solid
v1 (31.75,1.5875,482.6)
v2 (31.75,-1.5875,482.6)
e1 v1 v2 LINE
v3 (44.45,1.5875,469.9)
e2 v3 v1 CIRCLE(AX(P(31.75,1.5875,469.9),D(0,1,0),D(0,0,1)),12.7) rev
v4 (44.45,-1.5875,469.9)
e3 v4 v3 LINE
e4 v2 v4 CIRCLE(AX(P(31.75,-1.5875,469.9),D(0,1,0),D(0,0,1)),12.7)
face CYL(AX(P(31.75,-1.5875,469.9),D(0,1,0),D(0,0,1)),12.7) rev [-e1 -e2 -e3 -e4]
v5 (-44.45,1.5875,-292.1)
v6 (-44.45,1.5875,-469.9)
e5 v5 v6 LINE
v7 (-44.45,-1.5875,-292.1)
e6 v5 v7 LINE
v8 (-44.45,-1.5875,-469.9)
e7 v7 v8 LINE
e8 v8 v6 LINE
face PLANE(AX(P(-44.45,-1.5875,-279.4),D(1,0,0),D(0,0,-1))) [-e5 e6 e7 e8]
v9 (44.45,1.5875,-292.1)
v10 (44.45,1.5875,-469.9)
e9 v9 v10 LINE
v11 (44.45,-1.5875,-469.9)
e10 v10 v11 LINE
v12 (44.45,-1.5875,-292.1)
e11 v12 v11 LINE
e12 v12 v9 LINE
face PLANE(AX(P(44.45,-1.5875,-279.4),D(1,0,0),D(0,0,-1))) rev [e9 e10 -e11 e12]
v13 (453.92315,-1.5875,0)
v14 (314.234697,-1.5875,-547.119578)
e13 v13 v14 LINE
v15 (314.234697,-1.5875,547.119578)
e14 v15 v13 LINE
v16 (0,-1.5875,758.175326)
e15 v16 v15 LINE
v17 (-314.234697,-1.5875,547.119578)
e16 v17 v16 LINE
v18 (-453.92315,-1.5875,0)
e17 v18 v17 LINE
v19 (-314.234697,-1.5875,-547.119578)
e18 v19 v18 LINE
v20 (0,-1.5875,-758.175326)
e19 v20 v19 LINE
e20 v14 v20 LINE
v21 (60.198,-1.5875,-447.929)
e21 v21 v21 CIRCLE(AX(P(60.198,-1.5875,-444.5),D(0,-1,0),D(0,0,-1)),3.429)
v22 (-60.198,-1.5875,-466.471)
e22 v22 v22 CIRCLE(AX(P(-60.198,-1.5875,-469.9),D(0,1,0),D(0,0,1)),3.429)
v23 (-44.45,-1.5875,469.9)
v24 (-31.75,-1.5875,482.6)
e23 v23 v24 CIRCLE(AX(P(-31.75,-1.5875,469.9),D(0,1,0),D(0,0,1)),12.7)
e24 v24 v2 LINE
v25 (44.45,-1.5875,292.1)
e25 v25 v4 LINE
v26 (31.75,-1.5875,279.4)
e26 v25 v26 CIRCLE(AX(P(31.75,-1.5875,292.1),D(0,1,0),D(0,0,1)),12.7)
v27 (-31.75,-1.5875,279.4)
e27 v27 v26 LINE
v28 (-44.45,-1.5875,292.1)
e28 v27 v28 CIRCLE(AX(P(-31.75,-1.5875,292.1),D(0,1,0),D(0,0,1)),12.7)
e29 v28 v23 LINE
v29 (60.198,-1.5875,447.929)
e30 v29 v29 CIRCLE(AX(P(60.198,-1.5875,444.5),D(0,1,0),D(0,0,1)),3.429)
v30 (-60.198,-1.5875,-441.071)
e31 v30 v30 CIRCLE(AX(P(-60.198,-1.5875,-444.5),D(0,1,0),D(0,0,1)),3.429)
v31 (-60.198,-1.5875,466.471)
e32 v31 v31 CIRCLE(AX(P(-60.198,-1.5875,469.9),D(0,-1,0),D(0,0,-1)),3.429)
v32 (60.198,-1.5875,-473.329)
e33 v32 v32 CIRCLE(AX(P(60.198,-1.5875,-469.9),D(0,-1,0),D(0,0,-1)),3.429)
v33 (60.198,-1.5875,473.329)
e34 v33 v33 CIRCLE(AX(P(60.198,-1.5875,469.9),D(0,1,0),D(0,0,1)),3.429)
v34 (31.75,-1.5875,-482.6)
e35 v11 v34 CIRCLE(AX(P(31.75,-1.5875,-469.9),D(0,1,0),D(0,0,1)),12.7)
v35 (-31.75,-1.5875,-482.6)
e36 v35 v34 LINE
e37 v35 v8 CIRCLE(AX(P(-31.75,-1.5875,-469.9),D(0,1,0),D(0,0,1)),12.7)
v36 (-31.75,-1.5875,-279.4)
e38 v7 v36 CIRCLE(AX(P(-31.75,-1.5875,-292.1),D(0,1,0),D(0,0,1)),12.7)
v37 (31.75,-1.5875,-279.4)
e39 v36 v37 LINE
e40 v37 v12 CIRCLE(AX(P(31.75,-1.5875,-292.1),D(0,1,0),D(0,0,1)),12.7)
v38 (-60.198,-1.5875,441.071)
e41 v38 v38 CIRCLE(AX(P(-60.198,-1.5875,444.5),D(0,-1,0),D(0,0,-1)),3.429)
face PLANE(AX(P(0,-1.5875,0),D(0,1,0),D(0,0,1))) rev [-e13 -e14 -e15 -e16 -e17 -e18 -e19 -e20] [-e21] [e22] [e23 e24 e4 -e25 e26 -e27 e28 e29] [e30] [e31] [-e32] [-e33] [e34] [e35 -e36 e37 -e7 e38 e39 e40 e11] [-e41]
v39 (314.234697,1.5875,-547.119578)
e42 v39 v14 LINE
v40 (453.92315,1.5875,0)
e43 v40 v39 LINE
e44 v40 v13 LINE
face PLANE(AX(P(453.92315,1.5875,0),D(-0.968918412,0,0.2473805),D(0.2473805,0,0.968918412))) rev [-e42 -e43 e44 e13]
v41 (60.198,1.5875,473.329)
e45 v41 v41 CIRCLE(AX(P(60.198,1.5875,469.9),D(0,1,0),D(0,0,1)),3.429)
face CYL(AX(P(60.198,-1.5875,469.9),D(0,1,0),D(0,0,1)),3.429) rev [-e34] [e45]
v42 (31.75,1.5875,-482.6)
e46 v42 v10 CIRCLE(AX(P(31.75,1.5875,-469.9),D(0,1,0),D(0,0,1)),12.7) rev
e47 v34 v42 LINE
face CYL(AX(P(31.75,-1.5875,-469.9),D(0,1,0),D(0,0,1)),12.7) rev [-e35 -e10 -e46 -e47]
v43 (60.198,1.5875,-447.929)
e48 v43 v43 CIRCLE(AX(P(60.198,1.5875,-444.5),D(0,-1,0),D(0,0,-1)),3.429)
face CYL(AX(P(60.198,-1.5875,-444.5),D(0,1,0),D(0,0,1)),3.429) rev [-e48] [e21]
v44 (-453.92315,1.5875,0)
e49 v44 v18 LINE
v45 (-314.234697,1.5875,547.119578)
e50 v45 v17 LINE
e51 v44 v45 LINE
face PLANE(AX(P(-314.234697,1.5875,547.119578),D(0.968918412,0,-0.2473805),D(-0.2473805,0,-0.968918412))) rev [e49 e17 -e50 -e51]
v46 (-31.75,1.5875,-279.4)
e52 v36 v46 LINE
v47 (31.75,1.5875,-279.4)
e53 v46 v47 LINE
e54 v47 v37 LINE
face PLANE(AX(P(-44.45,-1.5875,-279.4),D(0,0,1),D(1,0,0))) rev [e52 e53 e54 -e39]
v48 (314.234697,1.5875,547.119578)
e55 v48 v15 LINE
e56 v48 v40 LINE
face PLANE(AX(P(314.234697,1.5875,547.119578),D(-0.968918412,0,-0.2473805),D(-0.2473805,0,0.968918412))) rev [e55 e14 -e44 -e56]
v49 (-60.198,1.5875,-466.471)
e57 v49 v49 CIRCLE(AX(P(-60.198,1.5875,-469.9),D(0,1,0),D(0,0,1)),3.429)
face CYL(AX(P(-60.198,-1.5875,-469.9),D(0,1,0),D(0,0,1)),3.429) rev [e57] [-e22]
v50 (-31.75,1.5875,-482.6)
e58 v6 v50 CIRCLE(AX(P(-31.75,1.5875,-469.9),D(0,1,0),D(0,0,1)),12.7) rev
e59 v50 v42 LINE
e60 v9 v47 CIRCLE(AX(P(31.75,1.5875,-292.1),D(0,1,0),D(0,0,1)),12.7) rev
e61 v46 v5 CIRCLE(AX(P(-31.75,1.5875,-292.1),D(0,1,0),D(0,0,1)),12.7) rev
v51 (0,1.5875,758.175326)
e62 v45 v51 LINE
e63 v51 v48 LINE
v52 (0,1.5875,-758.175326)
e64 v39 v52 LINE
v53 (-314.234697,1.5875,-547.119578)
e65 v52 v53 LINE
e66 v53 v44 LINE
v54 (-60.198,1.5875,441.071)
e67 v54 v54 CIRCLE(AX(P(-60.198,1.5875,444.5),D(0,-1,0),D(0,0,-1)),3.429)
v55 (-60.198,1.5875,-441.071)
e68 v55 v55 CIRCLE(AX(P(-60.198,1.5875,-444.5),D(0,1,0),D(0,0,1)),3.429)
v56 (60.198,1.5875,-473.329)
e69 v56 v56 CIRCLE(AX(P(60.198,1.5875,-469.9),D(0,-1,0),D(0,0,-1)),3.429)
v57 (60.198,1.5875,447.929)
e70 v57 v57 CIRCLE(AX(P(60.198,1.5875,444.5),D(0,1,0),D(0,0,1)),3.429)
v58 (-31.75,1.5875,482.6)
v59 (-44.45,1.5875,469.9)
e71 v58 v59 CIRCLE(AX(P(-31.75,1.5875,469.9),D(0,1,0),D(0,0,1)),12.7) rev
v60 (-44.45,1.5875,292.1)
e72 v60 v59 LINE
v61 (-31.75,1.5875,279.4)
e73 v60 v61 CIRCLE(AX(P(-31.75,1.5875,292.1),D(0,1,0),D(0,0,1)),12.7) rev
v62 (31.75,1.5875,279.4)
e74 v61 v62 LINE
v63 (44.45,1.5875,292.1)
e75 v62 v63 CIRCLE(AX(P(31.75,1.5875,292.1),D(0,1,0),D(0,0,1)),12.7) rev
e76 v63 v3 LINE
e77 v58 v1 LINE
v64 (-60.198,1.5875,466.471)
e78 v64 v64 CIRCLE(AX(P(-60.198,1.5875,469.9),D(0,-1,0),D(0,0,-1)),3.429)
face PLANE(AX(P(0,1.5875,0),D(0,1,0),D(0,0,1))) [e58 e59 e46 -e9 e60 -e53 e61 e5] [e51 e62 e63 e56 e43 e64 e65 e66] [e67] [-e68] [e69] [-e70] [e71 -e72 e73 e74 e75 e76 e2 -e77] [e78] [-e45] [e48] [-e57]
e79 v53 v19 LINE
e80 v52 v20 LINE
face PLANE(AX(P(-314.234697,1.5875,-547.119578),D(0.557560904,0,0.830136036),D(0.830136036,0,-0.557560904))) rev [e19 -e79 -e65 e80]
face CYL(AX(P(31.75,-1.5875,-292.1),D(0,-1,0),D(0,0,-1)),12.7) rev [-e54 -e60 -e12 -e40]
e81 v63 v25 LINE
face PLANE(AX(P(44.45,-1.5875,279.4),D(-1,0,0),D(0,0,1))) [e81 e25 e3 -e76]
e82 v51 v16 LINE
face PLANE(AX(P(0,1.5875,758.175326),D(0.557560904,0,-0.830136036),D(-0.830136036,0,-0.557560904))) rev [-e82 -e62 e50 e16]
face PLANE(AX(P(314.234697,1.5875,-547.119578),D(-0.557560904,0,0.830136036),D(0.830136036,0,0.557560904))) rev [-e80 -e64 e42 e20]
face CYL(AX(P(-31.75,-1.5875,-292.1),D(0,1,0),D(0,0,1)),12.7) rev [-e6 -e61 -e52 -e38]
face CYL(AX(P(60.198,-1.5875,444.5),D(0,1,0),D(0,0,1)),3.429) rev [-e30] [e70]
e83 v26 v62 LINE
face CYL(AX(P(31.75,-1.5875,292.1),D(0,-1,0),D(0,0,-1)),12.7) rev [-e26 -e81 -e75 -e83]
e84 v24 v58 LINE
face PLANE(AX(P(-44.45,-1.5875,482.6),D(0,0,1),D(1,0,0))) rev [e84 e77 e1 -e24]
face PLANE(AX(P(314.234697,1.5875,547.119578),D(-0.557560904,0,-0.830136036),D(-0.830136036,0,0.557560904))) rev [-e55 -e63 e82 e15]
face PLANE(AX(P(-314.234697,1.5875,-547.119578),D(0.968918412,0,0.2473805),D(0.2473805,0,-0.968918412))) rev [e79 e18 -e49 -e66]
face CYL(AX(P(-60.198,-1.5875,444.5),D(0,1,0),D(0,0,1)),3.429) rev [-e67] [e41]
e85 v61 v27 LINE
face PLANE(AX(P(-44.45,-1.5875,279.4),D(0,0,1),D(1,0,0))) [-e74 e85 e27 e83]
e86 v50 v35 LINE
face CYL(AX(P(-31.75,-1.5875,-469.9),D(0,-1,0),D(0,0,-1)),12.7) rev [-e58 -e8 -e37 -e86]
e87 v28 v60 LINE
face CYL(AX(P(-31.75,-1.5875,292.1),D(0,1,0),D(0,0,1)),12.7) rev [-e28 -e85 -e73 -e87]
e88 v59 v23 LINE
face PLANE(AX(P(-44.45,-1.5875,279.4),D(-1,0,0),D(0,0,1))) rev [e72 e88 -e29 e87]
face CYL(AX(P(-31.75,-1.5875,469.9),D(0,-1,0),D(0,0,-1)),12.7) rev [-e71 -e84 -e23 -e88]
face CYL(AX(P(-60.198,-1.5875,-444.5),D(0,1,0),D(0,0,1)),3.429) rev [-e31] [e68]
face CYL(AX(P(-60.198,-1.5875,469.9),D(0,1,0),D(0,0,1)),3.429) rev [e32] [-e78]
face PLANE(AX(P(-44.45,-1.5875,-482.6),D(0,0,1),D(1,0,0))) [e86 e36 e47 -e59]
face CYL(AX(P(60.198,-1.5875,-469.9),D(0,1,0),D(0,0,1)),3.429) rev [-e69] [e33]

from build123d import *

# Parameters (mm, degrees)
BOSS_EXTRUDE1_DEPTH  = 1.5875
SKETCH2_W            = 88.9
SKETCH2_H            = 203.2
SKETCH2_R            = 3.429
CUT_EXTRUDE1_DEPTH   = 2.5875
FILLET1_R            = 12.7
FILLET1_OF_MIRROR1_R = 12.7


with BuildPart() as part:
    # Sketch1 → Boss-Extrude1 (new body, symmetric)
    with BuildSketch(Plane(origin=(0, 0, 0), x_dir=(1, 0, 0), z_dir=(0, 1, 0))):
        Polygon((-314.234696616, 547.119578242), (-453.923150307, 0), (-314.234696616, -547.119578242), (0, -758.175325655), (314.234696616, -547.119578242), (453.923150307, 0), (314.234696616, 547.119578242), (0, 758.175325655), align=None)
    extrude(amount=BOSS_EXTRUDE1_DEPTH, both=True)

    # Sketch2 → Cut-Extrude1 (cut, symmetric)
    with BuildSketch(Plane(origin=(0, 0, 0), x_dir=(1, 0, 0), z_dir=(0, 1, 0))):
        with Locations((0, 381)):
            Rectangle(SKETCH2_W, SKETCH2_H)
        with Locations((-60.198, 469.9)):
            Circle(SKETCH2_R)
        with Locations((-60.198, 444.5)):
            Circle(SKETCH2_R)
        with Locations((60.198, 444.5)):
            Circle(SKETCH2_R)
        with Locations((60.198, 469.9)):
            Circle(SKETCH2_R)
    cut_extrude1 = extrude(amount=CUT_EXTRUDE1_DEPTH, both=True, mode=Mode.SUBTRACT)

    # Fillet1
    fillet1_edges = [part.edges().sort_by_distance(p)[0] for p in [
        (44.45, 0, -279.4),
        (-44.45, 0, -279.4),
        (-44.45, 0, -482.6),
        (44.45, 0, -482.6),
    ]]
    fillet(fillet1_edges, radius=FILLET1_R)

    # Mirror1: Cut-Extrude1 across plane
    add(cut_extrude1.mirror(Plane.XY), mode=Mode.SUBTRACT)

    # Fillet1 of Mirror1
    fillet1_of_mirror1_edges = [part.edges().sort_by_distance(p)[0] for p in [
        (44.45, 0, 279.4),
        (-44.45, 0, 279.4),
        (-44.45, 0, 482.6),
        (44.45, 0, 482.6),
    ]]
    fillet(fillet1_of_mirror1_edges, radius=FILLET1_OF_MIRROR1_R)


solid = part.part
